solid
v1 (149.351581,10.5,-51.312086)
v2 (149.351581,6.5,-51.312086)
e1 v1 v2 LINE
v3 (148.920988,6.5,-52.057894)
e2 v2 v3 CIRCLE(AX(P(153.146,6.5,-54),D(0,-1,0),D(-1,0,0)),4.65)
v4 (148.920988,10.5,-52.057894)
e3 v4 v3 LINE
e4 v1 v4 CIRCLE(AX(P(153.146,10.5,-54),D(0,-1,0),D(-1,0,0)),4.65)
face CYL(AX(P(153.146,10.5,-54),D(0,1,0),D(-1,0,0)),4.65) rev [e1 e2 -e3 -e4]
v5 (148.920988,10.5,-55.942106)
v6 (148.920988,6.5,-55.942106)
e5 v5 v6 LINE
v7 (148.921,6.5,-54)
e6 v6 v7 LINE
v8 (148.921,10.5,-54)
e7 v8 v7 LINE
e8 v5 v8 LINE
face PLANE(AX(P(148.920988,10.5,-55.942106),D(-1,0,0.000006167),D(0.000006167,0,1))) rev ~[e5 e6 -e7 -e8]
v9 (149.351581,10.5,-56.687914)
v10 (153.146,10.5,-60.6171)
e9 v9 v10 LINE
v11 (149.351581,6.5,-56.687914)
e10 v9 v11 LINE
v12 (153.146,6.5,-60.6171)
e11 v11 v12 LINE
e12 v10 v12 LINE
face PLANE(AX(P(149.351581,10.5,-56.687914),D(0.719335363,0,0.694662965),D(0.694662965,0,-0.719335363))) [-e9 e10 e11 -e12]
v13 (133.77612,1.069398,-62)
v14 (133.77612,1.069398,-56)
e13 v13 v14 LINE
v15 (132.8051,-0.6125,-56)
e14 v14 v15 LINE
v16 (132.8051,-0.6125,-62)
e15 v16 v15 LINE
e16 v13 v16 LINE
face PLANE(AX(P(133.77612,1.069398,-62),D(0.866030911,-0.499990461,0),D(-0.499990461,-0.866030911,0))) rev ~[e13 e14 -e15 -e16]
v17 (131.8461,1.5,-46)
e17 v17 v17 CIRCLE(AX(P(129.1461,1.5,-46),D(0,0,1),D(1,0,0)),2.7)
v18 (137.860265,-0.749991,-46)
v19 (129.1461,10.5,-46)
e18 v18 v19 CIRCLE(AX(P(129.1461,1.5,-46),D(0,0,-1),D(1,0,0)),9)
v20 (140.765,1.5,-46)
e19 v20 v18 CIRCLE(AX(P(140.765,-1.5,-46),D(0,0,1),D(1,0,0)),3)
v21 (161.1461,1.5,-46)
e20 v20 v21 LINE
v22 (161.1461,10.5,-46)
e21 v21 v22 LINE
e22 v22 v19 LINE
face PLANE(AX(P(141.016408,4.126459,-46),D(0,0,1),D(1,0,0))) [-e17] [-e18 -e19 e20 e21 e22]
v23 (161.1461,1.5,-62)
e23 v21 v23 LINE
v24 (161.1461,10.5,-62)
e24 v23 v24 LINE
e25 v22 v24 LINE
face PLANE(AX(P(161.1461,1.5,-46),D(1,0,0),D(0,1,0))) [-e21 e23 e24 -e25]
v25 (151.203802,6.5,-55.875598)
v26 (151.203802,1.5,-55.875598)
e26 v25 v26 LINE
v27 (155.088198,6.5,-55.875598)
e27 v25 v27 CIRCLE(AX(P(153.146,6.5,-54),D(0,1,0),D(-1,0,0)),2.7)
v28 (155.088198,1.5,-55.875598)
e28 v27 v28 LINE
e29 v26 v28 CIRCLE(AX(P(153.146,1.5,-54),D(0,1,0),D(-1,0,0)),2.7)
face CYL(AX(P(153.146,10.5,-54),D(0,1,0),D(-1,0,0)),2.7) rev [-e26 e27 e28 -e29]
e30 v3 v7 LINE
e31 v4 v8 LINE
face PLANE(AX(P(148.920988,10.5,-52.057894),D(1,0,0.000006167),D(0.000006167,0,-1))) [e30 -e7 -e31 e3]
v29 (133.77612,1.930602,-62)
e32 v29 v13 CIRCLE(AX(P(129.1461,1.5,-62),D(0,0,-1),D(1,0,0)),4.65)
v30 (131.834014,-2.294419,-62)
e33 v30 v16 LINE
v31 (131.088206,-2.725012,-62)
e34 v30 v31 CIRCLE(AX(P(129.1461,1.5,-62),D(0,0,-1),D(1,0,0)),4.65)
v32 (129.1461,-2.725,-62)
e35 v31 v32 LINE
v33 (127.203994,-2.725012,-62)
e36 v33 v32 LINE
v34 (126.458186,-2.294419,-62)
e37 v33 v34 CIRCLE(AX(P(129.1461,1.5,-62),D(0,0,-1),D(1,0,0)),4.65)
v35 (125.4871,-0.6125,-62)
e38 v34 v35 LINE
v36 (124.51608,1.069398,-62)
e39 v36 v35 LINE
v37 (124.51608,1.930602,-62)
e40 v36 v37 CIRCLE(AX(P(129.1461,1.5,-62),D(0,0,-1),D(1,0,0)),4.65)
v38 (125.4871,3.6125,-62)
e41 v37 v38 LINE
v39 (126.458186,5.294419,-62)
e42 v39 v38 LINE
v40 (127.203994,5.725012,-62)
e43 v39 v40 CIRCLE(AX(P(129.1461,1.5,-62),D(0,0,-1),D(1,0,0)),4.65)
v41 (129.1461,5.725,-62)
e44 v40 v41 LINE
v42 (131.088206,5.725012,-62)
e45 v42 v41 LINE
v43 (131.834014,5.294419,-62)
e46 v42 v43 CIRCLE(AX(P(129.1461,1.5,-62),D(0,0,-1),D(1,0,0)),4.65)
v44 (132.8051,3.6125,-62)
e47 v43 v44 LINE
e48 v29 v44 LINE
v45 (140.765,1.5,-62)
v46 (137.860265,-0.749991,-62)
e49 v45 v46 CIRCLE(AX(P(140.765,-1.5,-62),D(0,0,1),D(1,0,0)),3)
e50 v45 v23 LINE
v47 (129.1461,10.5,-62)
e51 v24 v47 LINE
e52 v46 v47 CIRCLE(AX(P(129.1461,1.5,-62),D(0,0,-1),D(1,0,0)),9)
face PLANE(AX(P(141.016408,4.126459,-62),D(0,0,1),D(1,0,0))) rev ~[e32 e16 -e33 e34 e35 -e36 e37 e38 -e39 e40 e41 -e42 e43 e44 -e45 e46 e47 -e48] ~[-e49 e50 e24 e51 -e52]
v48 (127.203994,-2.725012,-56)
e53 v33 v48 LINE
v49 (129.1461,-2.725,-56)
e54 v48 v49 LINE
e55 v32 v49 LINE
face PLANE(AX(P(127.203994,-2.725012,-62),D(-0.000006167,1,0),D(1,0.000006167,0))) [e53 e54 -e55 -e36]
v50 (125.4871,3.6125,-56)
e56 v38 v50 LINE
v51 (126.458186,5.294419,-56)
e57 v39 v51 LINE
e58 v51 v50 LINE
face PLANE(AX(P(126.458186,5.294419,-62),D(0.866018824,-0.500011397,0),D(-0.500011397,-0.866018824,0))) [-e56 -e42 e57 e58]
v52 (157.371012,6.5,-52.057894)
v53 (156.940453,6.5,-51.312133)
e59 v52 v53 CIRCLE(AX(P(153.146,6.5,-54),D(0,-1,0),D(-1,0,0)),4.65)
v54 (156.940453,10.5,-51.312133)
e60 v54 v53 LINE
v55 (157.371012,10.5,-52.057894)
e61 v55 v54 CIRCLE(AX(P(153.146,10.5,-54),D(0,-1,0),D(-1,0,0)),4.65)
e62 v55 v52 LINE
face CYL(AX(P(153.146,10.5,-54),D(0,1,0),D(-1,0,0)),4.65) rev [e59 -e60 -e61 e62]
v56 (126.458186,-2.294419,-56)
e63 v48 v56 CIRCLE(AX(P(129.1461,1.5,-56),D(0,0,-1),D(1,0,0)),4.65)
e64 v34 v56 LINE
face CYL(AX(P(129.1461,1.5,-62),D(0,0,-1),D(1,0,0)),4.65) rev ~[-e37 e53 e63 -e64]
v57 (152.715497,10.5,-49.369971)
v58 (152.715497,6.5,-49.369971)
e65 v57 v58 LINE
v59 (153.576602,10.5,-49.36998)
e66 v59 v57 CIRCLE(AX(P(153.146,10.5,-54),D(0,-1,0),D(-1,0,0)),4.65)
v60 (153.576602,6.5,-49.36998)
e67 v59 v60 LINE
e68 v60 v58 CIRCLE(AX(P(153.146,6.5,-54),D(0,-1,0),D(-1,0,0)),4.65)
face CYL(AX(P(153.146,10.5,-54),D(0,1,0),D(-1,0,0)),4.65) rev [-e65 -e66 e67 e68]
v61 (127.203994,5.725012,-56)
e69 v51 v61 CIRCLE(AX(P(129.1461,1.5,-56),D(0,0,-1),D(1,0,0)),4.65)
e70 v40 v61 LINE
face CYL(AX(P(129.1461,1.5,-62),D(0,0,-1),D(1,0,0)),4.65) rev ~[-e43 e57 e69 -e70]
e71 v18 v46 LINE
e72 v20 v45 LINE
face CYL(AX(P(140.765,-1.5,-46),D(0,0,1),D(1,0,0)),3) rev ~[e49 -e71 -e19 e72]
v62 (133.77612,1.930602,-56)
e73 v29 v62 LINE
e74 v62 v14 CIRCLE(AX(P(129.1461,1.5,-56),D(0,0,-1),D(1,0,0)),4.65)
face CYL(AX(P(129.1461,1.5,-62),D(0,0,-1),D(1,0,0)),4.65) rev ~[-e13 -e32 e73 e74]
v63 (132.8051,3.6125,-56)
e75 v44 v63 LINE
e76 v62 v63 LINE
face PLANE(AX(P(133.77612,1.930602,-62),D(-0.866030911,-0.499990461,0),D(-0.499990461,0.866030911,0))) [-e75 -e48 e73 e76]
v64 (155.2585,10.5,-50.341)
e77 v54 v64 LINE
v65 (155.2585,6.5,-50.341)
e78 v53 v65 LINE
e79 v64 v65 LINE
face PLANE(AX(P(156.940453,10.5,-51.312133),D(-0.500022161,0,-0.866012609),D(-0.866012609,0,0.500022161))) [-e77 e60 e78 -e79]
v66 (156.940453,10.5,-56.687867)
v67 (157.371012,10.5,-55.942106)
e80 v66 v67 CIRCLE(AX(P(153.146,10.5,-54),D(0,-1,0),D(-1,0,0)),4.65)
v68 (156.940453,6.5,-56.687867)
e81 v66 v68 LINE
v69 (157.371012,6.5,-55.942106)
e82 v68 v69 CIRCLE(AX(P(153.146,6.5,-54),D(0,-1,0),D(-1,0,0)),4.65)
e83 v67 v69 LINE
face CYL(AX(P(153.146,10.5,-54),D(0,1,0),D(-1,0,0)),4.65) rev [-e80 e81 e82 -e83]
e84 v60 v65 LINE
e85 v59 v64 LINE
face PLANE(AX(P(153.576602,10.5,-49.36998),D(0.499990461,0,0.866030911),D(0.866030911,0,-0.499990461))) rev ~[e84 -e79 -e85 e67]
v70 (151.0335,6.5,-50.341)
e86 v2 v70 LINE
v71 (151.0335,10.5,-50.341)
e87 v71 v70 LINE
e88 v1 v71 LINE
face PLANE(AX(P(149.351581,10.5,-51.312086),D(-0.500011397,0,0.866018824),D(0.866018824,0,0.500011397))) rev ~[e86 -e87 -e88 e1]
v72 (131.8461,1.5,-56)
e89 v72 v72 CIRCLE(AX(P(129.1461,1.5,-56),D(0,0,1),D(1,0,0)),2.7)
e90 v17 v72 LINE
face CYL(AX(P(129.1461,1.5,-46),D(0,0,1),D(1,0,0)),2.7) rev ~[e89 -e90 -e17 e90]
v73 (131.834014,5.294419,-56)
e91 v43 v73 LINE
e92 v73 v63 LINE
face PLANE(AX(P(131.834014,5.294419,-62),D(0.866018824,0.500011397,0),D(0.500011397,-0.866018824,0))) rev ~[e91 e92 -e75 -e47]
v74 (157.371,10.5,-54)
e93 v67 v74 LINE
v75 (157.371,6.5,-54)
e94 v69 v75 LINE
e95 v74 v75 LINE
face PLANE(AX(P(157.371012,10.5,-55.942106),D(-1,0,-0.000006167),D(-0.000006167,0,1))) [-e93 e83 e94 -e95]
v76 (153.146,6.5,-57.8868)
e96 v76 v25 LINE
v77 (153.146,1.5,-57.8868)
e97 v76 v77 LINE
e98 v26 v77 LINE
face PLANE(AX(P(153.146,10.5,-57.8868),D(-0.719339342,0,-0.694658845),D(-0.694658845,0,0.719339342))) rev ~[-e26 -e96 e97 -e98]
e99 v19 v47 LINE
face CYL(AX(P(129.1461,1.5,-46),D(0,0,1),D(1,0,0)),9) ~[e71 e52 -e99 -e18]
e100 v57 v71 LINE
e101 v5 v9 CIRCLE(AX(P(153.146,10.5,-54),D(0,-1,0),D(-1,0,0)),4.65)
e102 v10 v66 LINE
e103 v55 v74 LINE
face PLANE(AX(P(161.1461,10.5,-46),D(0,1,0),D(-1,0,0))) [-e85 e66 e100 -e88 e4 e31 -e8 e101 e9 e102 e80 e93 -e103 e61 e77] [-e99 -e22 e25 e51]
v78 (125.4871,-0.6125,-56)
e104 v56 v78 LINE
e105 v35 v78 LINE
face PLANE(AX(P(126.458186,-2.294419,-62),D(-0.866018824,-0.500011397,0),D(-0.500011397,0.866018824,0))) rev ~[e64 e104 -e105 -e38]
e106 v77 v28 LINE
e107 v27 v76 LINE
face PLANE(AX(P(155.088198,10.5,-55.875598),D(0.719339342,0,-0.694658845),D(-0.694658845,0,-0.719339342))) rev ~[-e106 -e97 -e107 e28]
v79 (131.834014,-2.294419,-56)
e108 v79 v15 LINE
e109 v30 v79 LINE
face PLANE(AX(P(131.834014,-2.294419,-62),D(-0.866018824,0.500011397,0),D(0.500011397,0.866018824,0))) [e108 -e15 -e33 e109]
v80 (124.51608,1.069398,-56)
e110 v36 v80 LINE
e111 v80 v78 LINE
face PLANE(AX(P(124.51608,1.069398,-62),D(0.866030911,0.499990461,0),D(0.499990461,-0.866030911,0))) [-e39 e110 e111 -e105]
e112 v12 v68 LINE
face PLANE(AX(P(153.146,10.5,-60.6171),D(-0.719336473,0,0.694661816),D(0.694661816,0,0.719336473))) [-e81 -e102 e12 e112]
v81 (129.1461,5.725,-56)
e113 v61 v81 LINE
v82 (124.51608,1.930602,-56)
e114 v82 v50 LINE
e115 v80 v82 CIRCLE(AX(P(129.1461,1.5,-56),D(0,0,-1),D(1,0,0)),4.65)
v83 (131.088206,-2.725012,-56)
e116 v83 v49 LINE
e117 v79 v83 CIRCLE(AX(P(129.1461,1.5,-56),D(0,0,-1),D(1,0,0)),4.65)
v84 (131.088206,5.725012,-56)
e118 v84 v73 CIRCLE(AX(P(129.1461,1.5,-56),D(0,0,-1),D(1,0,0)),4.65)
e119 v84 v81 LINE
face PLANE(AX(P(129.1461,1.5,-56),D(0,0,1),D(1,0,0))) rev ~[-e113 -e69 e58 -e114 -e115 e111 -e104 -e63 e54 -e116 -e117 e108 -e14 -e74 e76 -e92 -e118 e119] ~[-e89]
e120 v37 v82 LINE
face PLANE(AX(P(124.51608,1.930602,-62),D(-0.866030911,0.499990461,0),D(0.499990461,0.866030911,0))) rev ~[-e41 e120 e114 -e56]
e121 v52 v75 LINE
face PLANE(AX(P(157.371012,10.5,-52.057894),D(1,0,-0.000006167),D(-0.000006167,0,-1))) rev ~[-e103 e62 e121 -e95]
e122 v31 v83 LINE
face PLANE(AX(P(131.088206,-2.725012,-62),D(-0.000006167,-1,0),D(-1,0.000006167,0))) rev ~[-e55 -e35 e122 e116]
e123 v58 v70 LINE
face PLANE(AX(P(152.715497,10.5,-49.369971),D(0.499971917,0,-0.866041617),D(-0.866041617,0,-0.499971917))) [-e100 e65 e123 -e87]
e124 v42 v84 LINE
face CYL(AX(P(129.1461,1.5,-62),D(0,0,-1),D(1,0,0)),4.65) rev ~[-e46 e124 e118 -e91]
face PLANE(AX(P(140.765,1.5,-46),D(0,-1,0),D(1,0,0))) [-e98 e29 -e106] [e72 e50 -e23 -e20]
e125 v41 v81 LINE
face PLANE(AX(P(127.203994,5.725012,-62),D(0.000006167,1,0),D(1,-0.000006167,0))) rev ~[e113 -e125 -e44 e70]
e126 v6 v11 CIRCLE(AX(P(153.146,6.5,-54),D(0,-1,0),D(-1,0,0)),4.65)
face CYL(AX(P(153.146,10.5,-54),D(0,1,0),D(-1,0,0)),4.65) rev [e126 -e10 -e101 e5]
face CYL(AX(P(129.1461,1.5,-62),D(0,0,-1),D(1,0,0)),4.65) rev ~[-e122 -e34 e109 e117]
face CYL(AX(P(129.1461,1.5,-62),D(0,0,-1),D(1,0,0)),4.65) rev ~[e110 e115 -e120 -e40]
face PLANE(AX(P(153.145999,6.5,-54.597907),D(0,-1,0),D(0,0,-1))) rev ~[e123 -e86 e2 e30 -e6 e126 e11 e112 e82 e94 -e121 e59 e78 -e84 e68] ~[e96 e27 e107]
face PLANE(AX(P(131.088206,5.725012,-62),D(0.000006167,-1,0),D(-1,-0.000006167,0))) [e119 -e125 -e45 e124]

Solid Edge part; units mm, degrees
sketch "Sketch1" plane through (0, 0, -46) normal (0, 0, 1) x (1, 0, 0)
  line L0 (140.765, 1.5) -> (161.1461, 1.5)
  line L1 (161.1461, 1.5) -> (161.1461, 10.5)
  line L2 (161.1461, 10.5) -> (129.1461, 10.5)
  arc A0 (140.765, 1.5) -> (137.8603, -0.75) centre (140.765, -1.5) ccw
  arc A1 (137.8603, -0.75) -> (129.1461, 10.5) centre (129.1461, 1.5) cw
extrude "Protrusion1" add sketch "Sketch1" against normal blind 16
sketch "Sketch2" plane through (150.9555, 10.5, -54) normal (0, 1, 0) x (-1, 0, 0)
  arc A0 (-4.1327, -1.8756) -> (-0.2483, -1.8756) centre (-2.1905, 0) cw
  line L0 (-2.1905, -3.8868) -> (-0.2483, -1.8756)
  line L1 (-4.1327, -1.8756) -> (-2.1905, -3.8868)
extrude "Cutout1" cut sketch "Sketch2" against normal through all
sketch "Sketch3" plane through (150.9555, 10.5, -54) normal (0, 1, 0) x (-1, 0, 0)
  arc A0 (1.6039, 2.6879) -> (2.0345, 1.9421) centre (-2.1905, 0) cw
  line L0 (2.0345, 1.9421) -> (2.0345, 0)
  line L1 (2.0345, -1.9421) -> (2.0345, 0)
  arc A1 (2.0345, -1.9421) -> (1.6039, -2.6879) centre (-2.1905, 0) cw
  line L2 (1.6039, -2.6879) -> (-2.1905, -6.6171)
  line L3 (-2.1905, -6.6171) -> (-5.985, -2.6879)
  arc A2 (-5.985, -2.6879) -> (-6.4155, -1.9421) centre (-2.1905, 0) cw
  line L4 (-6.4155, -1.9421) -> (-6.4155, 0)
  line L5 (-6.4155, 1.9421) -> (-6.4155, 0)
  arc A3 (-6.4155, 1.9421) -> (-5.985, 2.6879) centre (-2.1905, 0) cw
  line L6 (-5.985, 2.6879) -> (-4.303, 3.659)
  line L7 (-2.6211, 4.63) -> (-4.303, 3.659)
  arc A4 (-2.6211, 4.63) -> (-1.76, 4.63) centre (-2.1905, 0) cw
  line L8 (-1.76, 4.63) -> (-0.078, 3.659)
  line L9 (1.6039, 2.6879) -> (-0.078, 3.659)
extrude "ExtrudedCutout_2" cut sketch "Sketch3" against normal blind 4
sketch "Sketch4" plane through (140.6461, 1.5, -62) normal (0, 0, -1) x (1, 0, 0)
  line L0 (-16.13, 0.4306) -> (-15.159, 2.1125)
  line L1 (-14.1879, 3.7944) -> (-15.159, 2.1125)
  arc A0 (-13.4421, 4.225) -> (-14.1879, 3.7944) centre (-11.5, 0) ccw
  line L2 (-13.4421, 4.225) -> (-11.5, 4.225)
  line L3 (-9.5579, 4.225) -> (-11.5, 4.225)
  arc A1 (-8.8121, 3.7944) -> (-9.5579, 4.225) centre (-11.5, 0) ccw
  line L4 (-8.8121, 3.7944) -> (-7.841, 2.1125)
  line L5 (-6.87, 0.4306) -> (-7.841, 2.1125)
  arc A2 (-6.87, -0.4306) -> (-6.87, 0.4306) centre (-11.5, 0) ccw
  line L6 (-6.87, -0.4306) -> (-7.841, -2.1125)
  line L7 (-8.8121, -3.7944) -> (-7.841, -2.1125)
  arc A3 (-9.5579, -4.225) -> (-8.8121, -3.7944) centre (-11.5, 0) ccw
  line L8 (-9.5579, -4.225) -> (-11.5, -4.225)
  line L9 (-13.4421, -4.225) -> (-11.5, -4.225)
  arc A4 (-14.1879, -3.7944) -> (-13.4421, -4.225) centre (-11.5, 0) ccw
  line L10 (-14.1879, -3.7944) -> (-15.159, -2.1125)
  line L11 (-16.13, -0.4306) -> (-15.159, -2.1125)
  arc A5 (-16.13, 0.4306) -> (-16.13, -0.4306) centre (-11.5, 0) ccw
extrude "ExtrudedCutout_3" cut sketch "Sketch4" against normal blind 6
sketch "Sketch5" plane through (0, 0, -46) normal (0, 0, 1) x (1, 0, 0)
  circle A0 centre (129.1461, 1.5) radius 2.7
extrude "Cutout2" cut sketch "Sketch5" against normal through all
properties material "ABS Plastic, medium impact"
